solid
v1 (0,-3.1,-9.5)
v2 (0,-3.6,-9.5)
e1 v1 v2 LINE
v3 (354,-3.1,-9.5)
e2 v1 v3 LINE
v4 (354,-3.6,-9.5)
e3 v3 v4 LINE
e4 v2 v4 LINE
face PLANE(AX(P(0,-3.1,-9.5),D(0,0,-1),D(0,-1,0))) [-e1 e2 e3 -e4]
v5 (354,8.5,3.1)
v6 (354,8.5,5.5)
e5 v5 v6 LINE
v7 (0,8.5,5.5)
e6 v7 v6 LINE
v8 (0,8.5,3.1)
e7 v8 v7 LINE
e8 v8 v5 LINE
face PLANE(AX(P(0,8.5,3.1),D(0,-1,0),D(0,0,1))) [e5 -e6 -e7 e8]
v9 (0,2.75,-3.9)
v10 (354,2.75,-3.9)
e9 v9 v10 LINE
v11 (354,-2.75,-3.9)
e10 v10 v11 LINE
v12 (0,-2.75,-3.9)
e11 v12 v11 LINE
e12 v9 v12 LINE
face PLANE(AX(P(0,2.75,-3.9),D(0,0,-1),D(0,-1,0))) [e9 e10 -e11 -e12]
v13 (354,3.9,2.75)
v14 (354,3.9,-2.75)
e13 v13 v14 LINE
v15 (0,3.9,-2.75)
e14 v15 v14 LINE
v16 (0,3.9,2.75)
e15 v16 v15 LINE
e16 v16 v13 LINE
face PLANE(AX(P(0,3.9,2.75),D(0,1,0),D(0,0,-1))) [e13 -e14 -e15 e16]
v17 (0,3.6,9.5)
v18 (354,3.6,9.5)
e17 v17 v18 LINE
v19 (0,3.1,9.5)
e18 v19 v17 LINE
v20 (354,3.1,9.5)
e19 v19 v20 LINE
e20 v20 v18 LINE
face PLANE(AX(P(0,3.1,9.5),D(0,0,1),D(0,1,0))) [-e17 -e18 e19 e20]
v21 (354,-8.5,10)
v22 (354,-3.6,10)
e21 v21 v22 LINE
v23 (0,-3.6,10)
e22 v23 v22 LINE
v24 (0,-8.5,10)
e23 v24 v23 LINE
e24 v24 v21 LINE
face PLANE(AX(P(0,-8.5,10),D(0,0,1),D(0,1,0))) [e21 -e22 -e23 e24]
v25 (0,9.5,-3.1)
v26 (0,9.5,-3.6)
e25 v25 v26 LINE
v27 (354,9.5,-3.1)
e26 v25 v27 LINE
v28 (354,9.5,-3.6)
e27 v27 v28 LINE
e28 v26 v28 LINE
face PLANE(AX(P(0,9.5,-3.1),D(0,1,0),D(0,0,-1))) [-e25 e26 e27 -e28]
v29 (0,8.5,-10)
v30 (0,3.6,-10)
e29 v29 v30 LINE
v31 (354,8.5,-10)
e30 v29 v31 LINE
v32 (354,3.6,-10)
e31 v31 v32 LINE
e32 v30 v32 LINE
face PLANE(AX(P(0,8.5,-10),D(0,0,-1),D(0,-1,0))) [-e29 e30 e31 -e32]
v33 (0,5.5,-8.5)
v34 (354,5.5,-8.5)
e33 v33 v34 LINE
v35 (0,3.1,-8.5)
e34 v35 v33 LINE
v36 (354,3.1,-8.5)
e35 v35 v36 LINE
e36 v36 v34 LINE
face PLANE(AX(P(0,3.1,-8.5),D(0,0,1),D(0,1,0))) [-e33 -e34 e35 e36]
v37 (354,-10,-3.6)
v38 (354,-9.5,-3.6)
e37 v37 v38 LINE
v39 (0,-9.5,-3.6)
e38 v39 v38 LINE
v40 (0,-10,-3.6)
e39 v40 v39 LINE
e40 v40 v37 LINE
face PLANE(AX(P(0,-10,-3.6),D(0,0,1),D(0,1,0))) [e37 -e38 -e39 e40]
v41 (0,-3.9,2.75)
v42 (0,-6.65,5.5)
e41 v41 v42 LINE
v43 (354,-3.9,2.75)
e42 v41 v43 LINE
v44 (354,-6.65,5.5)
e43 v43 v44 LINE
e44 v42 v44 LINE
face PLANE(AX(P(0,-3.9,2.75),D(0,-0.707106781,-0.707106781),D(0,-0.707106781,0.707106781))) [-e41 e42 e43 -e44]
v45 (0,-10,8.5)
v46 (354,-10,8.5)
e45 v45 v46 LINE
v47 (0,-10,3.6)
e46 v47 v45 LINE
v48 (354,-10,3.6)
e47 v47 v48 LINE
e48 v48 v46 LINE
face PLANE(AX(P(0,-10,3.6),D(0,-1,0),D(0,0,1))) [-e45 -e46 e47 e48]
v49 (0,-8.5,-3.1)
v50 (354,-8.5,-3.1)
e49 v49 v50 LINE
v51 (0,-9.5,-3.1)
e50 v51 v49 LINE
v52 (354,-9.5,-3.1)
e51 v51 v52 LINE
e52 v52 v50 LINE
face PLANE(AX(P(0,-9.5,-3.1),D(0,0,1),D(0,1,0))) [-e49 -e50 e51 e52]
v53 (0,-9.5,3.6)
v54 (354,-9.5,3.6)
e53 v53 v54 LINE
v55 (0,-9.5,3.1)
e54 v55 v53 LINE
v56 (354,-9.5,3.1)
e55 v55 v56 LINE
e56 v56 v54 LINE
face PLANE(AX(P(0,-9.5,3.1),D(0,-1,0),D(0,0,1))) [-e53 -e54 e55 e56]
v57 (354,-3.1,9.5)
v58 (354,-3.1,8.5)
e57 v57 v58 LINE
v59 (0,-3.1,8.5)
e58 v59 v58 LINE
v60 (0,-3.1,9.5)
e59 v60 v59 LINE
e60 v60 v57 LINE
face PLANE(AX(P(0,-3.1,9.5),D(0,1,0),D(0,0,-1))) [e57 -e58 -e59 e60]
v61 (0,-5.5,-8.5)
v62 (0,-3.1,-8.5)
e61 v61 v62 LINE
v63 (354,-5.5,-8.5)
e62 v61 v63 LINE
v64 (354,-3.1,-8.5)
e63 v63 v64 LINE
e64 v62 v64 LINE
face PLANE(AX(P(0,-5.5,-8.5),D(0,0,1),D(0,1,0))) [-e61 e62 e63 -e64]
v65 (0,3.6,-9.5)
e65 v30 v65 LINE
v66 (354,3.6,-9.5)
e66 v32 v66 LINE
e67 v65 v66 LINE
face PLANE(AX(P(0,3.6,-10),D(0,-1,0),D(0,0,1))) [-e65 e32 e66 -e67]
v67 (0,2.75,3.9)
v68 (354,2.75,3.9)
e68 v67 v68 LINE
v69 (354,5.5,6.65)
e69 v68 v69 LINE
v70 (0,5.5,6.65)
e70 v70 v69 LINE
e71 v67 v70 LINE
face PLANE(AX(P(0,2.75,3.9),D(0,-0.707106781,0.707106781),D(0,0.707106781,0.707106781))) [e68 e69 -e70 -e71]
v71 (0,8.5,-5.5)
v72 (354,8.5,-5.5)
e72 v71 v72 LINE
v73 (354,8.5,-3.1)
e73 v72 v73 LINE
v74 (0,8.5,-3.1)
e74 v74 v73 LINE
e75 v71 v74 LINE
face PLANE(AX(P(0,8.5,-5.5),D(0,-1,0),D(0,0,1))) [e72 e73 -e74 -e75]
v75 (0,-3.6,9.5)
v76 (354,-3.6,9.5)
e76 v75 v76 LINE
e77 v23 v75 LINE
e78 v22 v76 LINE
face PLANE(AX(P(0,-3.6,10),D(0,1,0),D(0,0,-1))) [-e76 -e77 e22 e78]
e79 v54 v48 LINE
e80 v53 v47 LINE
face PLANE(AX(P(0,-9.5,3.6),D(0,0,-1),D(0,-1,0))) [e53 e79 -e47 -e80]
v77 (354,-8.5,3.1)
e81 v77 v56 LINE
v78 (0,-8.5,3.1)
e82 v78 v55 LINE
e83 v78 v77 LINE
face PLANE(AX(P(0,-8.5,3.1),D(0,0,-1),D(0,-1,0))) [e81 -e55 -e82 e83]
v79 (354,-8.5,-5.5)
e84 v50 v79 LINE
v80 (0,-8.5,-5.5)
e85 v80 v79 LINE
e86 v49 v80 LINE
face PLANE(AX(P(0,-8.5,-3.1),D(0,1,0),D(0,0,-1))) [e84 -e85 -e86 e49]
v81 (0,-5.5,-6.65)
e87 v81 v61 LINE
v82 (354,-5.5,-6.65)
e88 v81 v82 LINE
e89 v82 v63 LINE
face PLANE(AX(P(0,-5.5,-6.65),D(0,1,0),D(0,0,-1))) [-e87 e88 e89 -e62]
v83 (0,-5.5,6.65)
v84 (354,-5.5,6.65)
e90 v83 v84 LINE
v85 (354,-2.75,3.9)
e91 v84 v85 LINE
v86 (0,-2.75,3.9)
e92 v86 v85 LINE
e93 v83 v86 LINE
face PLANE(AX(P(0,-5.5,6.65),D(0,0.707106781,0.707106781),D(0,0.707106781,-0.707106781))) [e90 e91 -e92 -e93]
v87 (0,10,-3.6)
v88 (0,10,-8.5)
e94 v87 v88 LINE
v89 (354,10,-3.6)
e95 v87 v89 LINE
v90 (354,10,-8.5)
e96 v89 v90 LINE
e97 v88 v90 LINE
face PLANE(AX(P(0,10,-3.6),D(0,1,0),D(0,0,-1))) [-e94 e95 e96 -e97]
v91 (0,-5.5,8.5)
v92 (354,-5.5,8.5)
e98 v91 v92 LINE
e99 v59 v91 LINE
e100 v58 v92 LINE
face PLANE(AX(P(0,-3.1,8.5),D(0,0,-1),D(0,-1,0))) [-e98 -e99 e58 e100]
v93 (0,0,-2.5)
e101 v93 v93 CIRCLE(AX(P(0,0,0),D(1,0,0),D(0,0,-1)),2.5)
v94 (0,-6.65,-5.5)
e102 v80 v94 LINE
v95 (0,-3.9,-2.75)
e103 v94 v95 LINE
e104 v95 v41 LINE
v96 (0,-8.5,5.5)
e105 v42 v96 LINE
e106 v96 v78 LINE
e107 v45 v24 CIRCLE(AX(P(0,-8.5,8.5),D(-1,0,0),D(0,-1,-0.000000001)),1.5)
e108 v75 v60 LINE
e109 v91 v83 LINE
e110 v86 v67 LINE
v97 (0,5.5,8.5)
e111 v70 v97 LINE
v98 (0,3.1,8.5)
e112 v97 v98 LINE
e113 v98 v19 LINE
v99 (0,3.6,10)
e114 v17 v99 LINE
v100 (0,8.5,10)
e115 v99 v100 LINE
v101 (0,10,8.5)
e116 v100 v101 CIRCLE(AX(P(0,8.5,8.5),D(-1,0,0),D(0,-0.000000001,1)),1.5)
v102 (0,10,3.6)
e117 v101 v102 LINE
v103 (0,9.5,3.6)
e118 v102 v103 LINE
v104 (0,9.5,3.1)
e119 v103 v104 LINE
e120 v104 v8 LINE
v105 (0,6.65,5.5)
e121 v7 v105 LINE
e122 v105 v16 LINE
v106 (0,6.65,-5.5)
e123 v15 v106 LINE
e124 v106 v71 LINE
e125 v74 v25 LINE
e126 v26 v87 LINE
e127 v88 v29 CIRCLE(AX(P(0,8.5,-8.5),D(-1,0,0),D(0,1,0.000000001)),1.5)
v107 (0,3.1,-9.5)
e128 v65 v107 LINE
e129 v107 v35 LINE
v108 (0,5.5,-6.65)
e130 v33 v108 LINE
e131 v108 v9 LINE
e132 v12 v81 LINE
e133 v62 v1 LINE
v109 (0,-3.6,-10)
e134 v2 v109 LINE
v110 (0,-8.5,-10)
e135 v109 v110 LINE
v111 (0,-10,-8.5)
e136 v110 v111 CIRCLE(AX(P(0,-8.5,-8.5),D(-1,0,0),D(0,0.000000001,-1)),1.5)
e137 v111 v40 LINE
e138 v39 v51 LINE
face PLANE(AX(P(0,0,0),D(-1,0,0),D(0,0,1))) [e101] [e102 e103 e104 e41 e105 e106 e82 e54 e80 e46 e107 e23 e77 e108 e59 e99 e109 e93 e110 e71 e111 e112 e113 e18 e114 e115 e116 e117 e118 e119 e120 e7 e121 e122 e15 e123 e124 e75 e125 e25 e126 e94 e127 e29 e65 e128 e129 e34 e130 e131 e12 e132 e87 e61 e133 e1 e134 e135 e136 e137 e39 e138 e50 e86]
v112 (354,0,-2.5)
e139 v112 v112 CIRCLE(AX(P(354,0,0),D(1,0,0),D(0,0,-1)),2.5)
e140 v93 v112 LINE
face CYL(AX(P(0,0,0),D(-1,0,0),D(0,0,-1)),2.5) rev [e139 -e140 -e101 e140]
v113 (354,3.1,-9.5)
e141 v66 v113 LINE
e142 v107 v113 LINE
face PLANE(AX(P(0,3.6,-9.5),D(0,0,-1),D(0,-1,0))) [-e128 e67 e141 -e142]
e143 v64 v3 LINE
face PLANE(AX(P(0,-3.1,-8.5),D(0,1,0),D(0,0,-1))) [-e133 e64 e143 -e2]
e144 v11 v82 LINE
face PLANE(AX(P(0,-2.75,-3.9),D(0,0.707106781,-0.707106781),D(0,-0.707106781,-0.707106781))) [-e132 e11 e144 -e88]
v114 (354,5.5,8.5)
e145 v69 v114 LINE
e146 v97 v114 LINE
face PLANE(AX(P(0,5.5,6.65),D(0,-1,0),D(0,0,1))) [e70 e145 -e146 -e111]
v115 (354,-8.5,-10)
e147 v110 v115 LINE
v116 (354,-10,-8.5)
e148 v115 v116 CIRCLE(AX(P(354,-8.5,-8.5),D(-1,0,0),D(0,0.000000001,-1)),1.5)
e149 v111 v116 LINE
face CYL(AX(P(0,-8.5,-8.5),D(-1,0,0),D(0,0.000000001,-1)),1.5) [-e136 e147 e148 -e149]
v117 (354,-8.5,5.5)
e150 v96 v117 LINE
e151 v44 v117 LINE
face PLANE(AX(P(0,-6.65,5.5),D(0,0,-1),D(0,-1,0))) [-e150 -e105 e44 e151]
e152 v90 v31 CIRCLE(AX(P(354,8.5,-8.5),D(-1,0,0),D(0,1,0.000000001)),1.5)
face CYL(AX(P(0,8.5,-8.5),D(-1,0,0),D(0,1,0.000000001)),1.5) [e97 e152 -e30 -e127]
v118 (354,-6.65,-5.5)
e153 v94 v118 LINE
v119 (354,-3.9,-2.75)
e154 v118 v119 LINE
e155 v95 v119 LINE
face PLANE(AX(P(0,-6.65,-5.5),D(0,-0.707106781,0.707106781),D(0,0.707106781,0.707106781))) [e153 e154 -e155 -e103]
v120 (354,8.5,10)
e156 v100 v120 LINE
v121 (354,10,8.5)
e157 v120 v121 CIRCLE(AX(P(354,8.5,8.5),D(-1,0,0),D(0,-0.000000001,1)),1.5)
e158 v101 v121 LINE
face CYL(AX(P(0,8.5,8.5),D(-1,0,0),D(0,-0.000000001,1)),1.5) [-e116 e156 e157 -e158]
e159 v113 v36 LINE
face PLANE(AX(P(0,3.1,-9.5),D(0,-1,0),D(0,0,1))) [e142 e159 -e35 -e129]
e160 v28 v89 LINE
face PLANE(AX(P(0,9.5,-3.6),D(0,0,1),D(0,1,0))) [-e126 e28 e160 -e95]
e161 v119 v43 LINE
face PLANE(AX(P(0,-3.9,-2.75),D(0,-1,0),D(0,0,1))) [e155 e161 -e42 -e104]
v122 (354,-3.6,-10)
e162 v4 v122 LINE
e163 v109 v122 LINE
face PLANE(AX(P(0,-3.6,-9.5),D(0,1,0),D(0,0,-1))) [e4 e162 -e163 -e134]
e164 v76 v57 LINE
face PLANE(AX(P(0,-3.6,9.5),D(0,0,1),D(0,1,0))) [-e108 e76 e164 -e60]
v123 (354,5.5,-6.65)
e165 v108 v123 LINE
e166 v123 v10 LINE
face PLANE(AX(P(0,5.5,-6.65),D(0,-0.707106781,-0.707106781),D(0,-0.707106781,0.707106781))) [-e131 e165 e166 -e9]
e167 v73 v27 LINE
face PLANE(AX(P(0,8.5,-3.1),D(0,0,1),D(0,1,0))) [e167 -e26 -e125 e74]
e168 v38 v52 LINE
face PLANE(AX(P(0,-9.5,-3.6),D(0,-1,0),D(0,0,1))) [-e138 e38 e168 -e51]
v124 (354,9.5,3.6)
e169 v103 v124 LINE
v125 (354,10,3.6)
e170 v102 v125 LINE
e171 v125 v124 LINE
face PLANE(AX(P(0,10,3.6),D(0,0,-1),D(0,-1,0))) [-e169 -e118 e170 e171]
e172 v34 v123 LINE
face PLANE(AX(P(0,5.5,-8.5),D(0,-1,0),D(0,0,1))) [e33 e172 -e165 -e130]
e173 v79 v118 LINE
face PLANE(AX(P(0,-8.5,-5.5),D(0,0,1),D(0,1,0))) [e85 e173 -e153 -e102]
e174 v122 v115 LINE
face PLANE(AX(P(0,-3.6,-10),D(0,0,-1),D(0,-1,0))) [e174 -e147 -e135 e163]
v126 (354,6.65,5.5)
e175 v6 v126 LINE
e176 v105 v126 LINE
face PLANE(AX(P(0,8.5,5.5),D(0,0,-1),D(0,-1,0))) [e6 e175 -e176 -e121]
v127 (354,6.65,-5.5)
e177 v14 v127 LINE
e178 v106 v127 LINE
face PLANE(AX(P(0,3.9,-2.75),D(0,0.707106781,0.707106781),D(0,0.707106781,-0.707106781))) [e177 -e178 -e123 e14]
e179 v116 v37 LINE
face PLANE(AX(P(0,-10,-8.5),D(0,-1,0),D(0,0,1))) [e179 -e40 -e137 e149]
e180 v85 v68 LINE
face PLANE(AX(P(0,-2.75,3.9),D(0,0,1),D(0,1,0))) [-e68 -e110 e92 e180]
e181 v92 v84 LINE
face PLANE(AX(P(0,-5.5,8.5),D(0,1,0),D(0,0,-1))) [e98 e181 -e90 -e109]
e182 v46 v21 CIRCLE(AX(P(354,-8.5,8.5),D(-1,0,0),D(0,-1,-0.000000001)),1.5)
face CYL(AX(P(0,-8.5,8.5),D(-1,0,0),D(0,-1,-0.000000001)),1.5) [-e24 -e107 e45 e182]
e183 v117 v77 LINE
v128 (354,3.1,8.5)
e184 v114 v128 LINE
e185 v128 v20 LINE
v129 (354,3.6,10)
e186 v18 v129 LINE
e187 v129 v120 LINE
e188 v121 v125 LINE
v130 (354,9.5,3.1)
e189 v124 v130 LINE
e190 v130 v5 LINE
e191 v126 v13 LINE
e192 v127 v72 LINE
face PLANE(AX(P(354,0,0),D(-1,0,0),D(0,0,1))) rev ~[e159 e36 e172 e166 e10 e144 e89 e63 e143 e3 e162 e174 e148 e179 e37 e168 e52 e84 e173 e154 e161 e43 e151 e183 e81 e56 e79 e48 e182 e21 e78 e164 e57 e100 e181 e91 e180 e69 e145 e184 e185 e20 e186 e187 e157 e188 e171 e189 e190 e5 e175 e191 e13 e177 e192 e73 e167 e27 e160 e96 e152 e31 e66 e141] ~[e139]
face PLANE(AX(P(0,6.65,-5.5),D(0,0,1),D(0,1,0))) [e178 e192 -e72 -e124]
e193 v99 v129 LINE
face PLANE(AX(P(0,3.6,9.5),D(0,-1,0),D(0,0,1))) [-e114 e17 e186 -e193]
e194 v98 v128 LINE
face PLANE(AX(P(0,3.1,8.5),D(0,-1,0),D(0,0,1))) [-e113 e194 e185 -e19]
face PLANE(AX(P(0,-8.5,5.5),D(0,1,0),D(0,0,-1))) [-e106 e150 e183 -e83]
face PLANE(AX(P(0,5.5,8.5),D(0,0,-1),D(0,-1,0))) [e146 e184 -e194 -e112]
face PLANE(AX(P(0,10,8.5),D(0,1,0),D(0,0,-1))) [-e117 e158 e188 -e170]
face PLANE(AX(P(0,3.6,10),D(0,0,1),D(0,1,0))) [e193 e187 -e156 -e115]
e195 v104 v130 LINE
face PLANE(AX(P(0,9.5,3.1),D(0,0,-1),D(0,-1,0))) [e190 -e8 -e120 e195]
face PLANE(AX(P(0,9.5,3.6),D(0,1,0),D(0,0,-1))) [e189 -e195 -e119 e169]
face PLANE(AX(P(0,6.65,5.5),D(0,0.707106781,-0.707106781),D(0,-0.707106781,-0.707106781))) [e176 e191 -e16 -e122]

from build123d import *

# Parameters (mm, degrees)
SKETCH1_R                = 2.5
F_20_X_20_X_R1_5_1_DEPTH = 354


with BuildPart() as part:
    # Sketch1 → 铝型材 20 X 20 X R1.5(1) (new body)
    with BuildSketch(Plane(origin=(0, 0, 0), x_dir=(0, 0, -1), z_dir=(1, 0, 0))):
        with BuildLine():
            Line((-3.6, 10), (-3.6, 9.5))
            Line((-3.6, 9.5), (-3.1, 9.5))
            Line((-3.1, 9.5), (-3.1, 8.5))
            Line((-3.1, 8.5), (-5.5, 8.5))
            Line((-5.5, 8.5), (-5.5, 6.65))
            Line((-5.5, 6.65), (-2.75, 3.9))
            Line((-2.75, 3.9), (2.75, 3.9))
            Line((2.75, 3.9), (5.5, 6.65))
            Line((5.5, 6.65), (5.5, 8.5))
            Line((5.5, 8.5), (3.1, 8.5))
            Line((3.1, 8.5), (3.1, 9.5))
            Line((3.1, 9.5), (3.6, 9.5))
            Line((3.6, 9.5), (3.6, 10))
            Line((3.6, 10), (8.5, 10))
            ThreePointArc((8.5, 10), (9.560660172, 9.560660172), (10, 8.5))
            Line((10, 8.5), (10, 3.6))
            Line((10, 3.6), (9.5, 3.6))
            Line((9.5, 3.6), (9.5, 3.1))
            Line((9.5, 3.1), (8.5, 3.1))
            Line((8.5, 3.1), (8.5, 5.5))
            Line((8.5, 5.5), (6.65, 5.5))
            Line((6.65, 5.5), (3.9, 2.75))
            Line((3.9, 2.75), (3.9, -2.75))
            Line((3.9, -2.75), (6.65, -5.5))
            Line((6.65, -5.5), (8.5, -5.5))
            Line((8.5, -5.5), (8.5, -3.1))
            Line((8.5, -3.1), (9.5, -3.1))
            Line((9.5, -3.1), (9.5, -3.6))
            Line((9.5, -3.6), (10, -3.6))
            Line((10, -3.6), (10, -8.5))
            ThreePointArc((10, -8.5), (9.560660172, -9.560660172), (8.5, -10))
            Line((8.5, -10), (3.6, -10))
            Line((3.6, -10), (3.6, -9.5))
            Line((3.6, -9.5), (3.1, -9.5))
            Line((3.1, -9.5), (3.1, -8.5))
            Line((3.1, -8.5), (5.5, -8.5))
            Line((5.5, -8.5), (5.5, -6.65))
            Line((5.5, -6.65), (2.75, -3.9))
            Line((2.75, -3.9), (-2.75, -3.9))
            Line((-2.75, -3.9), (-5.5, -6.65))
            Line((-5.5, -6.65), (-5.5, -8.5))
            Line((-5.5, -8.5), (-3.1, -8.5))
            Line((-3.1, -8.5), (-3.1, -9.5))
            Line((-3.1, -9.5), (-3.6, -9.5))
            Line((-3.6, -9.5), (-3.6, -10))
            Line((-3.6, -10), (-8.5, -10))
            ThreePointArc((-8.5, -10), (-9.560660172, -9.560660172), (-10, -8.5))
            Line((-10, -8.5), (-10, -3.6))
            Line((-10, -3.6), (-9.5, -3.6))
            Line((-9.5, -3.6), (-9.5, -3.1))
            Line((-9.5, -3.1), (-8.5, -3.1))
            Line((-8.5, -3.1), (-8.5, -5.5))
            Line((-8.5, -5.5), (-6.65, -5.5))
            Line((-6.65, -5.5), (-3.9, -2.75))
            Line((-3.9, -2.75), (-3.9, 2.75))
            Line((-3.9, 2.75), (-6.65, 5.5))
            Line((-6.65, 5.5), (-8.5, 5.5))
            Line((-8.5, 5.5), (-8.5, 3.1))
            Line((-8.5, 3.1), (-9.5, 3.1))
            Line((-9.5, 3.1), (-9.5, 3.6))
            Line((-9.5, 3.6), (-10, 3.6))
            Line((-10, 3.6), (-10, 8.5))
            ThreePointArc((-10, 8.5), (-9.560660172, 9.560660172), (-8.5, 10))
            Line((-8.5, 10), (-3.6, 10))
        make_face()
        Circle(SKETCH1_R, mode=Mode.SUBTRACT)
    extrude(amount=F_20_X_20_X_R1_5_1_DEPTH)


solid = part.part
